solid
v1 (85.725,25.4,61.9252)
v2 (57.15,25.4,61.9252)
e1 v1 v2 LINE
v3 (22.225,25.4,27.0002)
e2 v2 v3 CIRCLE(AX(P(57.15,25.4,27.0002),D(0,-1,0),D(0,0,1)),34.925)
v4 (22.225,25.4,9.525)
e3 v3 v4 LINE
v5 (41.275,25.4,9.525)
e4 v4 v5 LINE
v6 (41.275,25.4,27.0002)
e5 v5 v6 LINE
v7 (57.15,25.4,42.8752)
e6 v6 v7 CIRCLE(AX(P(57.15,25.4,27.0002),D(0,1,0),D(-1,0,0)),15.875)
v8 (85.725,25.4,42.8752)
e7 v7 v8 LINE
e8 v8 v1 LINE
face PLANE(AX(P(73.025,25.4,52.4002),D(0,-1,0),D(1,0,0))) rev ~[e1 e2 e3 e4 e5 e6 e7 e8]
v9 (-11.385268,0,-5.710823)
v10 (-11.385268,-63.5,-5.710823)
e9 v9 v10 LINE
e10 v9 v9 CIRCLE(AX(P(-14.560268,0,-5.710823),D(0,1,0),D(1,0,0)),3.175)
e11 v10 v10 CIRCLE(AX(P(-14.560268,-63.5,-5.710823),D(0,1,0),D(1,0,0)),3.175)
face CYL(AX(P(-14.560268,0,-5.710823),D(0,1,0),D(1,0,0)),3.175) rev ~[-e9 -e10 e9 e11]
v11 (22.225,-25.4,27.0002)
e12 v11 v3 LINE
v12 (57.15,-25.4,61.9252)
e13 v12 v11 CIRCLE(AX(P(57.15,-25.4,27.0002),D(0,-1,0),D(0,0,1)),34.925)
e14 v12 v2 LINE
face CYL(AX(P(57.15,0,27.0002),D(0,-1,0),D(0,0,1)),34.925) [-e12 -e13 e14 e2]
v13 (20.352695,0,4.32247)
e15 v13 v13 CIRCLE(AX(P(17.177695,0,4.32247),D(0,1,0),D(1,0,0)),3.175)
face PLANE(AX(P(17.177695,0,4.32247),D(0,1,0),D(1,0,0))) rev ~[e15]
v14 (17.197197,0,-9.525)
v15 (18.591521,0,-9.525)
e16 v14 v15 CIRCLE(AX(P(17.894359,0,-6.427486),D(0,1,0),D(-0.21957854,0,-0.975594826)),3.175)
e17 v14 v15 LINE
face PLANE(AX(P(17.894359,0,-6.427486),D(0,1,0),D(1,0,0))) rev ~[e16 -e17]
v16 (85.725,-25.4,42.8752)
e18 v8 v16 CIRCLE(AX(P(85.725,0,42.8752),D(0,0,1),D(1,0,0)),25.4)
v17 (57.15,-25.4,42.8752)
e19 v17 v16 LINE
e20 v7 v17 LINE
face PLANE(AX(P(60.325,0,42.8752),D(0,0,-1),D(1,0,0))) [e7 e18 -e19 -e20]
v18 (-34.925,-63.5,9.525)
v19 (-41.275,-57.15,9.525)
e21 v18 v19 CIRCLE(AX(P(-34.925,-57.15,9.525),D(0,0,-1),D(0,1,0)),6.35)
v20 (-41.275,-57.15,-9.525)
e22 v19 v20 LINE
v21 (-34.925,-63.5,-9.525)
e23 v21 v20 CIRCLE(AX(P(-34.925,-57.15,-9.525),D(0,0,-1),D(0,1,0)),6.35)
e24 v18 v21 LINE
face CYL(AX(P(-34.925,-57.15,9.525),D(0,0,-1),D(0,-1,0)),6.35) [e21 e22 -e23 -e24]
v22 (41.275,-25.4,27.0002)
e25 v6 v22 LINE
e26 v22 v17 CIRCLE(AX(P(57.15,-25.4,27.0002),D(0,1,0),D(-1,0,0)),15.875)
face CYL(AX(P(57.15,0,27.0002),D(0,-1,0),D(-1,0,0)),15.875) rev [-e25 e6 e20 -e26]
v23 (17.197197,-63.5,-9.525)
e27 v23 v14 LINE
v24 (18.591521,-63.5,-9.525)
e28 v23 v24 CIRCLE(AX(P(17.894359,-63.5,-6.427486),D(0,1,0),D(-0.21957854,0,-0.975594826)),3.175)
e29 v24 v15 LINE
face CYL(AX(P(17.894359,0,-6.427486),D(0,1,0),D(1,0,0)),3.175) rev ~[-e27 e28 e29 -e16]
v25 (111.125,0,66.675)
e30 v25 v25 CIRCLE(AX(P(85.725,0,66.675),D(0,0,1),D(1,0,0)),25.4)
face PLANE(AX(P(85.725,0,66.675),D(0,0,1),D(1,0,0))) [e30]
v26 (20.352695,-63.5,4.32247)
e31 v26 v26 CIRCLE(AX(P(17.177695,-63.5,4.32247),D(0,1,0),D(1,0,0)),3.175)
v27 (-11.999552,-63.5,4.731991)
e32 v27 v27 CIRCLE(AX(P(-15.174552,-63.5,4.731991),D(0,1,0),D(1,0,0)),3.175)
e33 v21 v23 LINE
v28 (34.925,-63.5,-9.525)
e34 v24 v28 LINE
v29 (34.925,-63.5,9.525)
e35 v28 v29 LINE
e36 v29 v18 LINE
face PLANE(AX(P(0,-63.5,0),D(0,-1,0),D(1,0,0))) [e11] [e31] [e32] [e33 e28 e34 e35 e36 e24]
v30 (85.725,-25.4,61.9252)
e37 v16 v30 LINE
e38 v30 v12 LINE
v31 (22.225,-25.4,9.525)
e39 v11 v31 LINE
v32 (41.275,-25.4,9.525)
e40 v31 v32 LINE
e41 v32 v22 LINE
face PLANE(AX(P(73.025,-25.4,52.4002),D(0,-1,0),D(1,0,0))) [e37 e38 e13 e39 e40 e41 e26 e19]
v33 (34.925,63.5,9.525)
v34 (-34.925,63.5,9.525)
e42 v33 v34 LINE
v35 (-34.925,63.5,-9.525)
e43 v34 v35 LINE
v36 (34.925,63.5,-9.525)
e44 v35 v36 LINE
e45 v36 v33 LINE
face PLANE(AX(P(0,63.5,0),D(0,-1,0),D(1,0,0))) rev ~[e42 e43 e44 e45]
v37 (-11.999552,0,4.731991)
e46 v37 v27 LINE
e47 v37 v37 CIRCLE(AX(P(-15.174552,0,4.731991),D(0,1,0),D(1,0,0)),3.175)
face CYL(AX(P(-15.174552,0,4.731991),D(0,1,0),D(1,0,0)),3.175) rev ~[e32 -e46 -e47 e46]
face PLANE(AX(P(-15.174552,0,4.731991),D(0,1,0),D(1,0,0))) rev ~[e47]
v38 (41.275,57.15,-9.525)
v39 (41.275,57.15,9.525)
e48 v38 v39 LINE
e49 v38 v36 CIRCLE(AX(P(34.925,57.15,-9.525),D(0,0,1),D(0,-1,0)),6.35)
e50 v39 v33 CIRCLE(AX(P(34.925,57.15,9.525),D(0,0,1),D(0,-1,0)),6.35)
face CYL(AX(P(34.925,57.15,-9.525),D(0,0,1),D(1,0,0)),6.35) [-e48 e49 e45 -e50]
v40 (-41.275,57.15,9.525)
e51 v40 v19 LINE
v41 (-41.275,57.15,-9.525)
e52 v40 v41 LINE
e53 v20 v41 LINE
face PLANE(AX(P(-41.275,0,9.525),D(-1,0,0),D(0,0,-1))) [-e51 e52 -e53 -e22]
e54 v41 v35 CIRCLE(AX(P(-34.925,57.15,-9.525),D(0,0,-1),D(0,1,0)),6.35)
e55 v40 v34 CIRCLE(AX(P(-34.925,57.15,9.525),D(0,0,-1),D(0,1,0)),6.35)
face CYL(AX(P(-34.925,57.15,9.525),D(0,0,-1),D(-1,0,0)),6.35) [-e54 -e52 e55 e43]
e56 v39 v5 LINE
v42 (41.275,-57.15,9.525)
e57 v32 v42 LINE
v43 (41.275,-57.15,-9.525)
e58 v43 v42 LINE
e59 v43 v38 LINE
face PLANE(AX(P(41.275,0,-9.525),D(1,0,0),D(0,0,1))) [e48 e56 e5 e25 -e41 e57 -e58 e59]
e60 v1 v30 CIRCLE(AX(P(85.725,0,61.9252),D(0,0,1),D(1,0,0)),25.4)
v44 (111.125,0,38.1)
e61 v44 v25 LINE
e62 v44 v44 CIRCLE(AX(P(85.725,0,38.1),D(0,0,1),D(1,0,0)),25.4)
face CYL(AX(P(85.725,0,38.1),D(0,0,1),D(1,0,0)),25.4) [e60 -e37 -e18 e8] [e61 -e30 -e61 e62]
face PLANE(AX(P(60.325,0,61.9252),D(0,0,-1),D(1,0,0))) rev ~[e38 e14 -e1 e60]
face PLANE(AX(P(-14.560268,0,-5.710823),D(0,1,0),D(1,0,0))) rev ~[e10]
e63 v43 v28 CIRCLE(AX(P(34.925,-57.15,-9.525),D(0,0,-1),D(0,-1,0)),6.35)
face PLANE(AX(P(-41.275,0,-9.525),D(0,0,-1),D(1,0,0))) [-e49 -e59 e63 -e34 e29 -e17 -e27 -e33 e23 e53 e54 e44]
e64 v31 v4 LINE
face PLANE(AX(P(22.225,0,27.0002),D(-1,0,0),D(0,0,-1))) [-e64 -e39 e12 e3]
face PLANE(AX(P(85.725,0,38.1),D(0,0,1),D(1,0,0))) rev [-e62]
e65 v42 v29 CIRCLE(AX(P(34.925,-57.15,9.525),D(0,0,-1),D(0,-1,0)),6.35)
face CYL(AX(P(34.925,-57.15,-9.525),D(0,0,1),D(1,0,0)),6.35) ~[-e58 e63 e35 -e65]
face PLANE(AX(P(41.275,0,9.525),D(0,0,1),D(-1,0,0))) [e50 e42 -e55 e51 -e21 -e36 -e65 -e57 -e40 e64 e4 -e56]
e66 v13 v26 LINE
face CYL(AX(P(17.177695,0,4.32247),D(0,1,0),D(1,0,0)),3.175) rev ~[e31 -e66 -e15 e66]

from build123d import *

# Parameters (mm, degrees)
F1_DEPTH = 63.5
F2_DEPTH = 25.4
F0_W     = 25.4
F0_H     = 19.05
F3_DEPTH = 25.4
F5_R     = 6.35
F7_D     = 6.35
F7_DEPTH = 63.501


with BuildPart() as f1:
    # F0 (on Front) → F1 (new body, symmetric)
    with BuildSketch(Plane.XZ):
        Polygon((41.275, -9.525), (41.275, 9.525), (22.225, 9.525), (-41.275, 9.525), (-41.275, -9.525), align=None)
    extrude(amount=F1_DEPTH, both=True)

    # F0 (on Front) → F2 (join, symmetric)
    with BuildSketch(Plane.XZ):
        with BuildLine():
            Line((22.225, 9.525), (41.275, 9.525))
            Line((41.275, 9.525), (41.275, 27.0002))
            ThreePointArc((41.275, 27.0002), (45.9246798487, 38.2255201513), (57.15, 42.8752))
            Line((57.15, 42.8752), (60.325, 42.8752))
            Line((60.325, 42.8752), (60.325, 61.9252))
            Line((60.325, 61.9252), (57.15, 61.9252))
            ThreePointArc((57.15, 61.9252), (32.4542956671, 51.6959043329), (22.225, 27.0002))
            Line((22.225, 27.0002), (22.225, 9.525))
        make_face()
    extrude(amount=F2_DEPTH, both=True)

    # F0 (on Front) → F3 (join, symmetric)
    with BuildSketch(Plane.XZ):
        with Locations((73.025, 52.4002)):
            Rectangle(F0_W, F0_H)
    extrude(amount=F3_DEPTH, both=True)

    # F0 (on Front) → F4 (revolve)
    with BuildSketch(Plane.XZ):
        Polygon((85.725, 61.9252), (85.725, 42.8752), (85.725, 38.1), (111.125, 38.1), (111.125, 66.675), (85.725, 66.675), align=None)
    revolve(axis=Axis((85.725, 0, 52.3875), (0, 0, 1)))

    # F5
    f5_edges = [f1.edges().sort_by_distance(p)[0] for p in [
        (-41.275, -63.5, 0),
        (41.275, -63.5, 0),
        (41.275, 63.5, 0),
        (-41.275, 63.5, 0),
    ]]
    fillet(f5_edges, radius=F5_R)

    # F7 (through all, one way)
    with BuildSketch(Plane(origin=(0, 0, 0), x_dir=(1, 0, 0), z_dir=(0, 1, 0))):
        with Locations((17.1776954085, -4.3224697001), (-15.1745518669, -4.7319913283), (-14.5602682605, 5.7108225301), (17.8943593055, 6.4274864271)):
            Circle(F7_D / 2)
    extrude(amount=-F7_DEPTH, mode=Mode.SUBTRACT)


solid = f1.part
